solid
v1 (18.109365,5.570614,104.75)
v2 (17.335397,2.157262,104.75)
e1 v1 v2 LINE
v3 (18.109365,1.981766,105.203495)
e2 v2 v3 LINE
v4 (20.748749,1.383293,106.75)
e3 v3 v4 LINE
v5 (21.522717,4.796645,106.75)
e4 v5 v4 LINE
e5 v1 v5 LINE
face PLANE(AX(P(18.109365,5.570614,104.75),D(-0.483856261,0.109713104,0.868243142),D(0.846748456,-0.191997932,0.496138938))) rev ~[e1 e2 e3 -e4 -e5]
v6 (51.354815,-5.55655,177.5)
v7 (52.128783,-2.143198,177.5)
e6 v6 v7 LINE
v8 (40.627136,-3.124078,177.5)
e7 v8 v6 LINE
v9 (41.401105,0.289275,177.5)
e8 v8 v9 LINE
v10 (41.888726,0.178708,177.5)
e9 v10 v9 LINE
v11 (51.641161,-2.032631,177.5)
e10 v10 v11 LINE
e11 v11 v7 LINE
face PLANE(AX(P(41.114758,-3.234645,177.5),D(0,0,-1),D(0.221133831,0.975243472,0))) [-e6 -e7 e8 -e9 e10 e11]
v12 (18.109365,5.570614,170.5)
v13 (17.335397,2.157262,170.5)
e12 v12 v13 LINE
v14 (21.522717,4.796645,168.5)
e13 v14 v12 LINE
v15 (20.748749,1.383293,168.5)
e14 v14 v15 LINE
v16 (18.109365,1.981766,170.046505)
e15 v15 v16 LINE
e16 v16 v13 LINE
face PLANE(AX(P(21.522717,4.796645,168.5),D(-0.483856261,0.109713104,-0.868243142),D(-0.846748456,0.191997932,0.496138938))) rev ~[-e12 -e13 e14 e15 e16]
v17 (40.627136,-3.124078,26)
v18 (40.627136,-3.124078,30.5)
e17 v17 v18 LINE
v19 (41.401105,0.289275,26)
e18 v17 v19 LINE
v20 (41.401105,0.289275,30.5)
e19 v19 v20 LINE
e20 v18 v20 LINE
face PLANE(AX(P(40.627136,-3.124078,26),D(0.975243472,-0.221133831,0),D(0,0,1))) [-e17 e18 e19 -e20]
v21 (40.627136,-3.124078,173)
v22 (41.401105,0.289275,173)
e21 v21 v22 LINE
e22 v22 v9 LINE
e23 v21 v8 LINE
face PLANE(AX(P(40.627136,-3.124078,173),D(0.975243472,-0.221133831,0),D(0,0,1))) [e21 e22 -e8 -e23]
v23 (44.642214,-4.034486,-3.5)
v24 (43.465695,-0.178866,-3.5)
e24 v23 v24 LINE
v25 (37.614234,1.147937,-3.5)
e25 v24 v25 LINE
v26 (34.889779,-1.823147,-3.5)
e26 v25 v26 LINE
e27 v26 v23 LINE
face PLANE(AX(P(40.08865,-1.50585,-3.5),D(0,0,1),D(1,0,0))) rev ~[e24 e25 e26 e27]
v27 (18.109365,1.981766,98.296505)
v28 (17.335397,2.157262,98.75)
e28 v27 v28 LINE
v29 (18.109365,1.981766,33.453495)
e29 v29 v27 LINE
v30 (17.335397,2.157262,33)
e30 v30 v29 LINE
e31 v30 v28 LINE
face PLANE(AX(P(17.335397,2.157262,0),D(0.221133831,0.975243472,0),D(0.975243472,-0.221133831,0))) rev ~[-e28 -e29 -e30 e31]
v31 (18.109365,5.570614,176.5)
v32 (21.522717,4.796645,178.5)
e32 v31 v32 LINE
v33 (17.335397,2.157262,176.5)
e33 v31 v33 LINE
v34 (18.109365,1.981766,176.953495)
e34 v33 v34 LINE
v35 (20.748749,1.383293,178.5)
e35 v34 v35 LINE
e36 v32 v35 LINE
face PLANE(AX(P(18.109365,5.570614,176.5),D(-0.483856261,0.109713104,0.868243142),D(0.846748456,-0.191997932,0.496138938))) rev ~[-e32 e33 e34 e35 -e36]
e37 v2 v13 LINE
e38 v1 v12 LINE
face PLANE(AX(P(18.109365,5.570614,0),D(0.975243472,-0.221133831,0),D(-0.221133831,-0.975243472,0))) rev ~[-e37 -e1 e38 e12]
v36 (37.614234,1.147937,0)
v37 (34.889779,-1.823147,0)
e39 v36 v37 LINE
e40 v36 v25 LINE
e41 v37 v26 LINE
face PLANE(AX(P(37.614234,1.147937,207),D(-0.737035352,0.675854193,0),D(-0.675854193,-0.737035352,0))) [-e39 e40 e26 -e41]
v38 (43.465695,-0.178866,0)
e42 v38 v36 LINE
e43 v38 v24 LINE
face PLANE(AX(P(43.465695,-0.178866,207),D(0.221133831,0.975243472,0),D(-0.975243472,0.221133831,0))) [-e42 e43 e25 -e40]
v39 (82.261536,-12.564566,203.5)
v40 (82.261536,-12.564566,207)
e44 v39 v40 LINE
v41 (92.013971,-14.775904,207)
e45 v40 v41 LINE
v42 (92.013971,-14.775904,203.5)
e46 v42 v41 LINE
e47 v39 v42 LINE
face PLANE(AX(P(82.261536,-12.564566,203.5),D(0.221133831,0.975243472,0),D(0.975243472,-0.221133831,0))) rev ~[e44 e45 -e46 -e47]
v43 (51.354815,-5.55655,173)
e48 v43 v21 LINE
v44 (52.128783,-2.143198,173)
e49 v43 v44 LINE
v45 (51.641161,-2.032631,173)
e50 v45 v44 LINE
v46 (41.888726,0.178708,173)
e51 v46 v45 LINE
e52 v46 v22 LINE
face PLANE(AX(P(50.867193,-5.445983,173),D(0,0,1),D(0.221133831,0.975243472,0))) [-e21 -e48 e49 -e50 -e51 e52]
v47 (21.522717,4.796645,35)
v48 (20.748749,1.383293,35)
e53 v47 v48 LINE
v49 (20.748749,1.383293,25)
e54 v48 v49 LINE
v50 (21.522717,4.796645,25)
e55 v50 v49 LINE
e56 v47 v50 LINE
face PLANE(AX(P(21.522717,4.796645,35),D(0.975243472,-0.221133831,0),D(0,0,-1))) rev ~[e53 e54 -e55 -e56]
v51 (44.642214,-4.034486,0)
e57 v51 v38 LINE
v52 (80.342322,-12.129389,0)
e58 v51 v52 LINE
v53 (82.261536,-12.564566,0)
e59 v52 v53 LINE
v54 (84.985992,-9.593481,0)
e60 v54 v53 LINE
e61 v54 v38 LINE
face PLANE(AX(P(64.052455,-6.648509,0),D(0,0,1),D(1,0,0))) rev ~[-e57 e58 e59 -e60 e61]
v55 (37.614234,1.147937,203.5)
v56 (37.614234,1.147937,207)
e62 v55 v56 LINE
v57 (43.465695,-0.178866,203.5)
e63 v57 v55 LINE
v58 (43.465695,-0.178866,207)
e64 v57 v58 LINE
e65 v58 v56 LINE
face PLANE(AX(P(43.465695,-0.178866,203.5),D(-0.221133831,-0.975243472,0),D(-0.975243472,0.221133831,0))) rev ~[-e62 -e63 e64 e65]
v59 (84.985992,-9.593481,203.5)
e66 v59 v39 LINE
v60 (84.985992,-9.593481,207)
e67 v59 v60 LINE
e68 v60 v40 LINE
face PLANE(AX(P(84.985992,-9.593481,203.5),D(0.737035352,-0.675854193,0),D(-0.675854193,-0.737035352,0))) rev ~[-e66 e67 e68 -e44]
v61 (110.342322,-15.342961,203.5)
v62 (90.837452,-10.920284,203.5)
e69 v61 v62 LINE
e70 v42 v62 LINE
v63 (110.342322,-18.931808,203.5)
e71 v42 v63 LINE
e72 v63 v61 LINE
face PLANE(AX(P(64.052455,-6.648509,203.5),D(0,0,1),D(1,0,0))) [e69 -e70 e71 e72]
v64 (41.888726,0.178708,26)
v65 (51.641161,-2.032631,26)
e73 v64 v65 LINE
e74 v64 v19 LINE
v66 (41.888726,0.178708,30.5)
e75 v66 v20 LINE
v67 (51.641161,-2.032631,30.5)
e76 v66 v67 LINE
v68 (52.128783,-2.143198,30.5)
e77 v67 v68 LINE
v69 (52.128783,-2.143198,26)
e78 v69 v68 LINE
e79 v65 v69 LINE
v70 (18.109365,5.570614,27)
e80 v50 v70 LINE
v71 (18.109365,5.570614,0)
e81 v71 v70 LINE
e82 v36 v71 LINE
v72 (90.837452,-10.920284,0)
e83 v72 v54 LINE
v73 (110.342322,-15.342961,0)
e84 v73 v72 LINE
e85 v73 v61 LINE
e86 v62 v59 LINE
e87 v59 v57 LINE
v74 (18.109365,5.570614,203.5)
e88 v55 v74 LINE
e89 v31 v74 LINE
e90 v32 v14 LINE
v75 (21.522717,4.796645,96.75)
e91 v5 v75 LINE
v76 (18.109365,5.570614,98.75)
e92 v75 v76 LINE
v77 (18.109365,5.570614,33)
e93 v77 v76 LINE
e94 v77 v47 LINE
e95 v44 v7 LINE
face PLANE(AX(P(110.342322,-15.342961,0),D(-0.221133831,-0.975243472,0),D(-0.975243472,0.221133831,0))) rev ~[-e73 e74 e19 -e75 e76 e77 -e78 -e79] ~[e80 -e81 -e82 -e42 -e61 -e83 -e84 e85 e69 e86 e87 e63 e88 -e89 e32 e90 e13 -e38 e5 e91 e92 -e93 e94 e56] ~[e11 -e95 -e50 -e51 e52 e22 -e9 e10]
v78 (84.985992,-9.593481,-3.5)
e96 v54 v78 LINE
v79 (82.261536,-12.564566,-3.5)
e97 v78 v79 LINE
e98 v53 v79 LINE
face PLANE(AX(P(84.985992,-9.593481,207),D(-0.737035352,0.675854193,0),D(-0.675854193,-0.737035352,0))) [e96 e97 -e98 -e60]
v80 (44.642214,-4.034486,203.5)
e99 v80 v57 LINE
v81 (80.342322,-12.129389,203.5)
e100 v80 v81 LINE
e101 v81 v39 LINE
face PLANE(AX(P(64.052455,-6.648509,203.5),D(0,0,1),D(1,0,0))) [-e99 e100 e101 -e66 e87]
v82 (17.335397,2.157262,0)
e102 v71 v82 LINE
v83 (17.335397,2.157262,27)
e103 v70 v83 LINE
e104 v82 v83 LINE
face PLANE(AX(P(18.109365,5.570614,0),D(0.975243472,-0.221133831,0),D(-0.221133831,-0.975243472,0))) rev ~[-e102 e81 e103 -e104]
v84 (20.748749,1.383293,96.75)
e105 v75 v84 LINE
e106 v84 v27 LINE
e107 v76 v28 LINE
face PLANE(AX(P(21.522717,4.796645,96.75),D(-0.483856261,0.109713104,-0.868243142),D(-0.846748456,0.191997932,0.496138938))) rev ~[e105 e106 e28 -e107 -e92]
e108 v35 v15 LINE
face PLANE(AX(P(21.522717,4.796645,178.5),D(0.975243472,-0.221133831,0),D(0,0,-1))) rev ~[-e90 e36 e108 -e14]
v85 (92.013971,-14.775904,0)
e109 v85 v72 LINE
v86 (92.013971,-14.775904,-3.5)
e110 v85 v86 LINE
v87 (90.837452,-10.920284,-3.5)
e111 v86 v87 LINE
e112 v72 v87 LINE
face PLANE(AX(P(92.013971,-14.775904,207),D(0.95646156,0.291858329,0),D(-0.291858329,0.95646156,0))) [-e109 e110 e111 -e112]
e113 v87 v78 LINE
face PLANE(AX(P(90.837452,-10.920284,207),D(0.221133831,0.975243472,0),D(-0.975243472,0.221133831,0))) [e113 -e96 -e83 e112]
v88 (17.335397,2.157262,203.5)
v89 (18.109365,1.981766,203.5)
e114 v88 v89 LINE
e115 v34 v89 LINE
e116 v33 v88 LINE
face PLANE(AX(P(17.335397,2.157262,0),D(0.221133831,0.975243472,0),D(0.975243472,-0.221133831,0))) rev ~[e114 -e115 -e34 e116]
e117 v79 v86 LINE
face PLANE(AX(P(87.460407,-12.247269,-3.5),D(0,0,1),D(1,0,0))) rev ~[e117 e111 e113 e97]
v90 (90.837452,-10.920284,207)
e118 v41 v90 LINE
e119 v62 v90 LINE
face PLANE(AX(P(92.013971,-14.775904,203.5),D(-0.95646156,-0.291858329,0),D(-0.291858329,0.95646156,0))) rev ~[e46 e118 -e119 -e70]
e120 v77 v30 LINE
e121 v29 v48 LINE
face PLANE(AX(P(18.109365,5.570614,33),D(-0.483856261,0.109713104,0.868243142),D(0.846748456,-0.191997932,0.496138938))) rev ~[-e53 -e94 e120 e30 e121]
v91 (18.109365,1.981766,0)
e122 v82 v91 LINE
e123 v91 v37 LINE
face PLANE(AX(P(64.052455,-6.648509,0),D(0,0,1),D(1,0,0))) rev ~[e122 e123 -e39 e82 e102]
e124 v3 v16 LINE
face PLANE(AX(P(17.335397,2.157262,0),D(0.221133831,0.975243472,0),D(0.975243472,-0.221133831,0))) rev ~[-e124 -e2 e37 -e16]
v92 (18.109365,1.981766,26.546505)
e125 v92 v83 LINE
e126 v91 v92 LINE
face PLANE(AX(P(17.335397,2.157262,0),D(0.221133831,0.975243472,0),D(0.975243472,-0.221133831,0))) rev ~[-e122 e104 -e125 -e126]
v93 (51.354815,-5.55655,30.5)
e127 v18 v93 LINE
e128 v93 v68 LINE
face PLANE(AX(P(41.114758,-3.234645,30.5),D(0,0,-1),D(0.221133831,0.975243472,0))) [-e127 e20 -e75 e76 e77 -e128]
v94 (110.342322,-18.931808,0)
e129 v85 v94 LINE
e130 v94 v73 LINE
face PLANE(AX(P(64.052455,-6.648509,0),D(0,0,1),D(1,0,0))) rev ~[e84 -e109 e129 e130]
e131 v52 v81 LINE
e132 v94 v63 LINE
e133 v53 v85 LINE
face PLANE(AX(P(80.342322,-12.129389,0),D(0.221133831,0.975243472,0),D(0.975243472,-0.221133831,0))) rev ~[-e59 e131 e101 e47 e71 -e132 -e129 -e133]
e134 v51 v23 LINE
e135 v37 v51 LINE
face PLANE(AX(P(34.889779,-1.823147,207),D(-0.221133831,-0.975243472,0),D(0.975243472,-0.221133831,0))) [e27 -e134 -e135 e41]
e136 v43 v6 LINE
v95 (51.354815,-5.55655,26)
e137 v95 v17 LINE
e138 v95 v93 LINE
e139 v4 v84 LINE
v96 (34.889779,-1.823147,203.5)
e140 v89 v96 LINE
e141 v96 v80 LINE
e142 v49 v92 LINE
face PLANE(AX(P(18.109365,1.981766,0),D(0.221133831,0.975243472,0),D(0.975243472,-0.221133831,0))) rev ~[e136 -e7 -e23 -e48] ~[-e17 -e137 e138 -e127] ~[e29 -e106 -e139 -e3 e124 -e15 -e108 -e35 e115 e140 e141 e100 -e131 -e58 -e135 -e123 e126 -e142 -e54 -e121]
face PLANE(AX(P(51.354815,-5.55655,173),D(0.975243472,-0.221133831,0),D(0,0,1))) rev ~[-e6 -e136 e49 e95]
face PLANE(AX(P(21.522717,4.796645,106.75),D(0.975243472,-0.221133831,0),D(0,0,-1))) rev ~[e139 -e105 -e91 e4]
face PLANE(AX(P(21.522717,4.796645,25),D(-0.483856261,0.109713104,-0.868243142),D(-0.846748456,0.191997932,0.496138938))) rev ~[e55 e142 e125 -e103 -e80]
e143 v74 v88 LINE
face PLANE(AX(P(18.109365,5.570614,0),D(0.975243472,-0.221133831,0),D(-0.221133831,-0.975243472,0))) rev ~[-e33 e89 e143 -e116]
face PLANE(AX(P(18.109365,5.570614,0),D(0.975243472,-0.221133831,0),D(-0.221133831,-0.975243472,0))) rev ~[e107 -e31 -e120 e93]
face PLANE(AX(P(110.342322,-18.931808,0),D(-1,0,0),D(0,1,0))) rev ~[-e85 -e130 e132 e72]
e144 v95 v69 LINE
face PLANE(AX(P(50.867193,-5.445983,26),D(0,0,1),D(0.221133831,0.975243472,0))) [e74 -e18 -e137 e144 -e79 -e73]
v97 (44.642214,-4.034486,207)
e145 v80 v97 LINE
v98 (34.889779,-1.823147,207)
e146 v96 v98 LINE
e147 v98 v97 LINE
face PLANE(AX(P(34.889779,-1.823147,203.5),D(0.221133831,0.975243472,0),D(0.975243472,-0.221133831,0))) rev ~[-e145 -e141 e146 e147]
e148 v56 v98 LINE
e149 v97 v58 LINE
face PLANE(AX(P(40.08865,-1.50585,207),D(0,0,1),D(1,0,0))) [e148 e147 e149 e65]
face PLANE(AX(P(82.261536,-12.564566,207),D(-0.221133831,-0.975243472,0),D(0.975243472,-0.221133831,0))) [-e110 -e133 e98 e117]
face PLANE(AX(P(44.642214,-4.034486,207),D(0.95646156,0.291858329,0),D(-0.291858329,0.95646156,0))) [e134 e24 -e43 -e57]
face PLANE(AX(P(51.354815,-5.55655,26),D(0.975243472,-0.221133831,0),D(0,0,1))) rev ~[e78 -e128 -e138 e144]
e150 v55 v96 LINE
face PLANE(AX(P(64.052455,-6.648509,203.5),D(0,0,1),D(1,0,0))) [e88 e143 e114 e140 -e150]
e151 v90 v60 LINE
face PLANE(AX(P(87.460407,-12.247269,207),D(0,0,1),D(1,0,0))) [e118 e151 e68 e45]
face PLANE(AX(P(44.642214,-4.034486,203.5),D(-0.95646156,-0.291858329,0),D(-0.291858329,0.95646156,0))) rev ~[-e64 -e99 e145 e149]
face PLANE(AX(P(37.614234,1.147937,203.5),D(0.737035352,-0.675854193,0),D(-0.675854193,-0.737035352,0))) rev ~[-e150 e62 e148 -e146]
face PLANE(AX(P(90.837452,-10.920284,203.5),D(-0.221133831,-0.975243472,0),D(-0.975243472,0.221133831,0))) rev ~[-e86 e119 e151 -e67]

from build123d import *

# Parameters (mm, degrees)
F1_DEPTH  = 203.5
F3_DEPTH  = 3.5
F4_DEPTH  = 210.5
F6_DEPTH  = 25
F7_W      = 10
F7_H      = 4.5
F8_DEPTH  = 25
F9_DEPTH  = 0.5
F10_DEPTH = 0.5


with BuildPart() as f1:
    # F0 (on Top) → F1 (new body)
    with BuildSketch(Plane.XY):
        Polygon((18.1093649228, 1.9817664346), (80.342321908, -12.1293889498), (110.342321908, -18.9318081509), (110.342321908, -15.3429607484), (18.1093649228, 5.5706138371), (17.3353965158, 2.1572616864), align=None)
    extrude(amount=F1_DEPTH)

    # F2 (on face) → F3 (join)
    with BuildSketch(Plane.XY.offset(203.5)):
        Polygon((43.4656951855, -0.1788657578), (37.6142343556, 1.1479372257), (34.8897790053, -1.8231472639), (44.6422137217, -4.0344855696), align=None)
        Polygon((90.8374524752, -10.9202841369), (84.9859916454, -9.5934811535), (82.2615362951, -12.5645656431), (92.0139710115, -14.7759039488), align=None)
    extrude(amount=F3_DEPTH)

    # F4 (add): faces of the model
    f4_faces = [f1.faces().sort_by_distance(p)[0] for p in [
        (40.1207318834, -1.3643633477, 207),
        (87.4924891732, -12.1057817269, 207),
    ]]
    extrude(f4_faces, amount=-F4_DEPTH)

    # F5 (on face) → F6 (cut)
    with BuildSketch(Plane(origin=(2.0869058597, 9.2036632764, 0), x_dir=(-0.9752434716, 0.2211338306, 0), z_dir=(0.2211338306, 0.9752434716, 0))):
        Polygon((-16.4291887401, 170.5), (-16.4291887401, 176.5), (-19.9291887401, 178.5), (-19.9291887401, 168.5), align=None)
        Polygon((-16.4291887401, 101.75), (-16.4291887401, 104.75), (-19.9291887401, 106.75), (-19.9291887401, 101.75), (-19.9291887401, 96.75), (-16.4291887401, 98.75), align=None)
        Polygon((-16.4291887401, 27), (-16.4291887401, 33), (-19.9291887401, 35), (-19.9291887401, 25), align=None)
    extrude(amount=-F6_DEPTH, mode=Mode.SUBTRACT)

    # F7 (on face) → F8 (cut)
    with BuildSketch(Plane(origin=(1.3129374527, 5.7903111257, 0), x_dir=(0.9752434716, -0.2211338306, 0), z_dir=(-0.2211338306, -0.9752434716, 0))):
        with Locations((45.8121887401, 175.25)):
            Rectangle(F7_W, F7_H)
        with Locations((45.8121887401, 28.25)):
            Rectangle(F7_W, F7_H)
    extrude(amount=-F8_DEPTH, mode=Mode.SUBTRACT)

    # F9 (cut): faces of the model
    f9_faces = [f1.faces().sort_by_distance(p)[0] for p in [
        (41.5017422883, -1.5279684291, 175.25),
        (41.5017422883, -1.5279684291, 28.25),
    ]]
    extrude(f9_faces, amount=-F9_DEPTH, mode=Mode.SUBTRACT)

    # F10 (cut): faces of the model
    f10_faces = [f1.faces().sort_by_distance(p)[0] for p in [
        (51.2541770047, -3.7393067348, 175.25),
        (51.2541770047, -3.7393067348, 28.25),
    ]]
    extrude(f10_faces, amount=-F10_DEPTH, mode=Mode.SUBTRACT)


solid = f1.part
